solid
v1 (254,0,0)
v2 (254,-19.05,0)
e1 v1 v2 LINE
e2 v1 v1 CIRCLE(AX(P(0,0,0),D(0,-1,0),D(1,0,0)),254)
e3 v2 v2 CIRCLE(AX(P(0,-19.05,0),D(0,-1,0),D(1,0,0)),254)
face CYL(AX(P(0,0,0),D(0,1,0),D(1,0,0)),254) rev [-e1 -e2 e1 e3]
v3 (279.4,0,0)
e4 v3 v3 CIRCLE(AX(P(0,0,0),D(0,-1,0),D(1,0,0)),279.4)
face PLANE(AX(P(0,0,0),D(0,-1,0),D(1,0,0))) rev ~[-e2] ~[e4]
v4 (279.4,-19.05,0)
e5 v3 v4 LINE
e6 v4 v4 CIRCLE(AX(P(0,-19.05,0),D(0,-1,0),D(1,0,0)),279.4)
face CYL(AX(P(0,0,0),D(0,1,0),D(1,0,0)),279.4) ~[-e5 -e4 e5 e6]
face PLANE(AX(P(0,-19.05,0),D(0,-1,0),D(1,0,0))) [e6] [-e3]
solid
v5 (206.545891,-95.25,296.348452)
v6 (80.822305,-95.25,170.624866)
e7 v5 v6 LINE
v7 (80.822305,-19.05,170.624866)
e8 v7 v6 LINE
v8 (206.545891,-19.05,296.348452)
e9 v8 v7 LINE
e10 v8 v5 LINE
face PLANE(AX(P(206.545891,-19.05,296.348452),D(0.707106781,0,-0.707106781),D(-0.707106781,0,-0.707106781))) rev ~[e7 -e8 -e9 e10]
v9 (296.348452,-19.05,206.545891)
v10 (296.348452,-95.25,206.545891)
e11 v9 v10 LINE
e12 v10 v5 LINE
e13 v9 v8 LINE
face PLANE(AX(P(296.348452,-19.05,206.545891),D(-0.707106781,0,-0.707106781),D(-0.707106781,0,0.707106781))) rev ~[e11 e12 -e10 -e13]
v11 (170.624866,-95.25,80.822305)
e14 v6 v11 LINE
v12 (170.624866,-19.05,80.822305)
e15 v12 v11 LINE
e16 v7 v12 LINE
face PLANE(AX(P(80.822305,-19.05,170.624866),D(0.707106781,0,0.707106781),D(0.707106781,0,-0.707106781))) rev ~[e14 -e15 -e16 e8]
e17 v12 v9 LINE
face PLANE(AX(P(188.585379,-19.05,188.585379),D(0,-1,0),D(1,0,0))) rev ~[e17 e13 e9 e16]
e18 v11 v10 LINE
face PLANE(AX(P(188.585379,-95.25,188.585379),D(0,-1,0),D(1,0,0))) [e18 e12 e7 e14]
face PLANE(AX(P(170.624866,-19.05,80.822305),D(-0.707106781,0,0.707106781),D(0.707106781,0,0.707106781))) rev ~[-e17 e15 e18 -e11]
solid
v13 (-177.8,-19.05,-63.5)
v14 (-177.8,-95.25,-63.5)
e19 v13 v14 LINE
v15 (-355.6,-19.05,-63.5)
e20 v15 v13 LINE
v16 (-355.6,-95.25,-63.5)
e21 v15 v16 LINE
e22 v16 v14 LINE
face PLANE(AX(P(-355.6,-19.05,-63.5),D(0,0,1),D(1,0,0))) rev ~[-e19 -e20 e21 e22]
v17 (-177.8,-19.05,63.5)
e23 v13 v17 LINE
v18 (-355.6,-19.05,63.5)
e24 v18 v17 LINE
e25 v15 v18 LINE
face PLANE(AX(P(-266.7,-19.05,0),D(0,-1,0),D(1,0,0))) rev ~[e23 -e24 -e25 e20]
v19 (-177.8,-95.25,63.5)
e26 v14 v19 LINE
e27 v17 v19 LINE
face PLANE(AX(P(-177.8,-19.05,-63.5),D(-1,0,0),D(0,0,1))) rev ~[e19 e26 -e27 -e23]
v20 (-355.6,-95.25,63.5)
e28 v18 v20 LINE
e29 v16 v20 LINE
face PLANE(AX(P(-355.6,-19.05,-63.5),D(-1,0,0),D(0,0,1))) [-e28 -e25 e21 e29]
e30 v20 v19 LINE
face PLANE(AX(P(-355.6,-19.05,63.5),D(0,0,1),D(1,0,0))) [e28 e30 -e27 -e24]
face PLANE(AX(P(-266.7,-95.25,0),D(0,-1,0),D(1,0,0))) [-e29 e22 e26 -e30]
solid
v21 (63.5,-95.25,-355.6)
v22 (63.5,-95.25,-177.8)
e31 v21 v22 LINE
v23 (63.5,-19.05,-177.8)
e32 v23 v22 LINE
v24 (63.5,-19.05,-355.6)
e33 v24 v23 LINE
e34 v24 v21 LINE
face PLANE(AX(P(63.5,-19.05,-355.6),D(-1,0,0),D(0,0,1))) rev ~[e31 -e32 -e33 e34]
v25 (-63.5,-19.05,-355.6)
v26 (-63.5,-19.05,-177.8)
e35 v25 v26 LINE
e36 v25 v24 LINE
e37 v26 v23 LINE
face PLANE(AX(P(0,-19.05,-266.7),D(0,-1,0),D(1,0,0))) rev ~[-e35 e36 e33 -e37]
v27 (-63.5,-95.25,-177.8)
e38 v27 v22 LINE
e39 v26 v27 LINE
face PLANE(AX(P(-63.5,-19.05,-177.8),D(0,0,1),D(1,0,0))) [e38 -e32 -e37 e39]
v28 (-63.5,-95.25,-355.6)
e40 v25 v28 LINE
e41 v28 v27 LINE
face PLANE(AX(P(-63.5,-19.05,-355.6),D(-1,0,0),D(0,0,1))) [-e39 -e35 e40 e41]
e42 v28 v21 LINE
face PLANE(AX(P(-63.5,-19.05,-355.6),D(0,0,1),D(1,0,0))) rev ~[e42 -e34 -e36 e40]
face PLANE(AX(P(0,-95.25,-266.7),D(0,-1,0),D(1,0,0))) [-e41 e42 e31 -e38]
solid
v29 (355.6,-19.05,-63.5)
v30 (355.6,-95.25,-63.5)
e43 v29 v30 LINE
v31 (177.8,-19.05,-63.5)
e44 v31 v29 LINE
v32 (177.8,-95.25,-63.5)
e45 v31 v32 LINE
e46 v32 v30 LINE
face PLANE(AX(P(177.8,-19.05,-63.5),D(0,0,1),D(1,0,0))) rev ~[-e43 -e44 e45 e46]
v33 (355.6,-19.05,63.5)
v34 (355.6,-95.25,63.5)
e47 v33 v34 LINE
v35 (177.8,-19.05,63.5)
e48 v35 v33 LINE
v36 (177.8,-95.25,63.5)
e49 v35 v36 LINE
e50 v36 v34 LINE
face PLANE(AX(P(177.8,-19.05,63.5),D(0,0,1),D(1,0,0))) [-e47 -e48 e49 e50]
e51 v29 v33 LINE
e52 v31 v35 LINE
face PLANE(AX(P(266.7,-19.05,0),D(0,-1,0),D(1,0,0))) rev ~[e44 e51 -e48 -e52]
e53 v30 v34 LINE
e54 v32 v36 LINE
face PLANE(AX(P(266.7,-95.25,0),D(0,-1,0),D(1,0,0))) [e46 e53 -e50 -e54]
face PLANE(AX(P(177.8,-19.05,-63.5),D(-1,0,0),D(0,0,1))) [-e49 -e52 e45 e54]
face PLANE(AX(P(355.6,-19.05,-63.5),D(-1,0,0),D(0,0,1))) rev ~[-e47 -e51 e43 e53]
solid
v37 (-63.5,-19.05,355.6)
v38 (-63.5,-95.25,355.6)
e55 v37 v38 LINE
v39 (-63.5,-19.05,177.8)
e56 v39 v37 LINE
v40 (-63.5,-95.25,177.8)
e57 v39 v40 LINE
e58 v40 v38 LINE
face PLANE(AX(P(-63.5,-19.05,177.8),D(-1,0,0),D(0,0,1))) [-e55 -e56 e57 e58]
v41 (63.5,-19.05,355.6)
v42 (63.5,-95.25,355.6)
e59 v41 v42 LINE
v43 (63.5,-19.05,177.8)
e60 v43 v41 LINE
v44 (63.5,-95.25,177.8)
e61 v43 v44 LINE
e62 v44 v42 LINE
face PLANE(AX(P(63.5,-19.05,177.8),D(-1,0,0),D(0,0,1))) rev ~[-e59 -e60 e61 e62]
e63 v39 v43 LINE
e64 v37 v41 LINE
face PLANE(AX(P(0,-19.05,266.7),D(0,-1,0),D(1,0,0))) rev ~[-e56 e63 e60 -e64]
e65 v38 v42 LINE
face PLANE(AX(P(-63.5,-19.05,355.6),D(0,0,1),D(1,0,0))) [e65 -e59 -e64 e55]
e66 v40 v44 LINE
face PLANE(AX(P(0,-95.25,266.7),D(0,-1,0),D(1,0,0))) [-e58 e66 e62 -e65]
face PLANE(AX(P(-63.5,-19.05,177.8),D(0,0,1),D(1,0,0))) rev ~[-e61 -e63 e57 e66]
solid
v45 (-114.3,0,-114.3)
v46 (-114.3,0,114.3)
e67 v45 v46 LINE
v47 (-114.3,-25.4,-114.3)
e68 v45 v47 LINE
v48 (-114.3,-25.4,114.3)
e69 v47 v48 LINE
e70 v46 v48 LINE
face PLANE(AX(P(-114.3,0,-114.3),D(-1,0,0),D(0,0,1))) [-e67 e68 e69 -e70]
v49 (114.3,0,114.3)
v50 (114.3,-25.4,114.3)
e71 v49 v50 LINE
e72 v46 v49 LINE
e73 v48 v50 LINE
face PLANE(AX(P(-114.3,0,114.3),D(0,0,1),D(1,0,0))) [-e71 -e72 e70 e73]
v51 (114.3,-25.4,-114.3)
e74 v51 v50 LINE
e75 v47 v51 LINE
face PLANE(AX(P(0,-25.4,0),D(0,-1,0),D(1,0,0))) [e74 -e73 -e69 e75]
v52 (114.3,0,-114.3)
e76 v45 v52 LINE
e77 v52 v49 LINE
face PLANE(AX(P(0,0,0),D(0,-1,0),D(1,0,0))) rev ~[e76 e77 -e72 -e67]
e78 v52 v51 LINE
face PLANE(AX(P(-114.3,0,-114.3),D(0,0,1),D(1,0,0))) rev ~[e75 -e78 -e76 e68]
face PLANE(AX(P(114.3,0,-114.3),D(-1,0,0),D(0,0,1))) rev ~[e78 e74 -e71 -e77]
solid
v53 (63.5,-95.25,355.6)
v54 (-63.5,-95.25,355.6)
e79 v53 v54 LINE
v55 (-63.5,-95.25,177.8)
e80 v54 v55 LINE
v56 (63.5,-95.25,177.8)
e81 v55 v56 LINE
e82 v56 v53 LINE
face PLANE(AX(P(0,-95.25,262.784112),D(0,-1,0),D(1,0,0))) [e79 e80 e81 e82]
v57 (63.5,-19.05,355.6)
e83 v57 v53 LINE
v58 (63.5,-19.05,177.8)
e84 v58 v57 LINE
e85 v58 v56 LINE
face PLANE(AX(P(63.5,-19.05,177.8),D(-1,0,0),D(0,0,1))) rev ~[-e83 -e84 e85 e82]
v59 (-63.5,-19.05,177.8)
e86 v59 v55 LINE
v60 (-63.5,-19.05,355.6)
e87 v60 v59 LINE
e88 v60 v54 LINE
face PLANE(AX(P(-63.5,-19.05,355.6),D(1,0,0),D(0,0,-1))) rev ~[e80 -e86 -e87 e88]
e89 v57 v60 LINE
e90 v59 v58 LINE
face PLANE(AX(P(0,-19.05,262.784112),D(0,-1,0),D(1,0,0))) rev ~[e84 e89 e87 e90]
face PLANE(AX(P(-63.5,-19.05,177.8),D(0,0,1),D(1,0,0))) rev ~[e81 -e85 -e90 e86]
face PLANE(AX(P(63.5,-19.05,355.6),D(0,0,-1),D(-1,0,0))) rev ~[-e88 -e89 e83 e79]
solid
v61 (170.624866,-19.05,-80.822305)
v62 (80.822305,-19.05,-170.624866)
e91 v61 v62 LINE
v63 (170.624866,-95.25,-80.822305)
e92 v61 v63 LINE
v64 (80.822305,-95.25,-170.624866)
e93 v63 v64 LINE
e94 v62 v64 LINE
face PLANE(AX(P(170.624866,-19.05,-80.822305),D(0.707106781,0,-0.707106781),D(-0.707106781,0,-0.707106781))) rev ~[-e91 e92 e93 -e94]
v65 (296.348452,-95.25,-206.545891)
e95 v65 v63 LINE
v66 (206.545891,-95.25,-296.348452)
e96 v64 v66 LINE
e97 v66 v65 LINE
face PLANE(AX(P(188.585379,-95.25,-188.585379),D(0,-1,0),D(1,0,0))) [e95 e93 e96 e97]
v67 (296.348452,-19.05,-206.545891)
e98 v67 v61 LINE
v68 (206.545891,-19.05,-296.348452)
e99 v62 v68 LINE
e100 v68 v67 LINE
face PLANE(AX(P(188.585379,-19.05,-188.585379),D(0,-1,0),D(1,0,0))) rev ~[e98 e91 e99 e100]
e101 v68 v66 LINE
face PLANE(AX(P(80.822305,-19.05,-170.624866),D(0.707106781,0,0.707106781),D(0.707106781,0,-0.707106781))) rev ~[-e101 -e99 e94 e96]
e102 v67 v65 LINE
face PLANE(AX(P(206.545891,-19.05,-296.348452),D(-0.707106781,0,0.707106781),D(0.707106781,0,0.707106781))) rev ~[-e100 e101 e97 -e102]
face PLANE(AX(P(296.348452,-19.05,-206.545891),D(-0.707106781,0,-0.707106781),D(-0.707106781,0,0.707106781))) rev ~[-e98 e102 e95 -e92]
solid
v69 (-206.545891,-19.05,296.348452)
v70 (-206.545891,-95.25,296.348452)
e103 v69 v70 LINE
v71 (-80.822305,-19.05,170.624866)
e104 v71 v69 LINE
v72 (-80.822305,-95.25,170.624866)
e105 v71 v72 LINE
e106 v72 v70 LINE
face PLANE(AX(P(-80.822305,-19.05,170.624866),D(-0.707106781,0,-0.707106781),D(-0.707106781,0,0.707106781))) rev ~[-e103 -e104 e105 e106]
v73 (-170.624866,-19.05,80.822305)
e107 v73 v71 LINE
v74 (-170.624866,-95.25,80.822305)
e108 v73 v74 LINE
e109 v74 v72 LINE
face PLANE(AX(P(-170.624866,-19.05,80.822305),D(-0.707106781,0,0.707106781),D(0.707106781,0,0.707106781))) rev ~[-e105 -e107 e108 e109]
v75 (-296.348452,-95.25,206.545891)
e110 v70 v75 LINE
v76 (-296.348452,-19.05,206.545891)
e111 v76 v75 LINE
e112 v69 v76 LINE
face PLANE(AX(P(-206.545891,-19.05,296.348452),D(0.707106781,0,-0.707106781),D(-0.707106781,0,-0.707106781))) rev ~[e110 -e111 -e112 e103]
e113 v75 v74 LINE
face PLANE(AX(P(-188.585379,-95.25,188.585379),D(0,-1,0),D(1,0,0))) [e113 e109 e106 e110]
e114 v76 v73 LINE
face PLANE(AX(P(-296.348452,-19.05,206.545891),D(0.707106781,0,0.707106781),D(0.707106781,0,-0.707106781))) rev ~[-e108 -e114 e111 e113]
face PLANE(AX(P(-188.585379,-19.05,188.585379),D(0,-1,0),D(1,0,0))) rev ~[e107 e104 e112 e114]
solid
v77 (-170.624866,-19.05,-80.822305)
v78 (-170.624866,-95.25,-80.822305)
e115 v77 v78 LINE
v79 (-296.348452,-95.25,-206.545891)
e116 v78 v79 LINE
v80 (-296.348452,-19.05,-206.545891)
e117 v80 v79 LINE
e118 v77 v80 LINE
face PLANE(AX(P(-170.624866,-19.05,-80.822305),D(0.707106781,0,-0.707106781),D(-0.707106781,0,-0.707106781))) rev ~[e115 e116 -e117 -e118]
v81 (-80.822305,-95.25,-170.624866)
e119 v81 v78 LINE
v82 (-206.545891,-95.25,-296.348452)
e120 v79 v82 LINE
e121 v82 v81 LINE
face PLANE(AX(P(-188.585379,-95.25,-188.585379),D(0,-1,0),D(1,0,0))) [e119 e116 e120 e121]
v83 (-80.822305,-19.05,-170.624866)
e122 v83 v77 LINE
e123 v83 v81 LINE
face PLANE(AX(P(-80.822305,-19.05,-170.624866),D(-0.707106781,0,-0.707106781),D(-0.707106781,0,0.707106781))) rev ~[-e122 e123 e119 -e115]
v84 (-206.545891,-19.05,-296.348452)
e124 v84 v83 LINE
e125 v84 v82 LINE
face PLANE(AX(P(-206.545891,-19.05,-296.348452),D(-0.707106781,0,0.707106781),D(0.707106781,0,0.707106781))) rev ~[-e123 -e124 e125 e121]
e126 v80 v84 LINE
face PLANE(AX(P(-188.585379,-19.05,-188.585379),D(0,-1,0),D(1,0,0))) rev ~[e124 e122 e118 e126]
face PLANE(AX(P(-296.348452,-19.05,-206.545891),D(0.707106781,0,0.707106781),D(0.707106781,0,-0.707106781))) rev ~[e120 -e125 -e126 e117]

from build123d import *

# Parameters (mm, degrees)
F0_R     = 279.4
F0_R_2   = 254
F1_DEPTH = 19.05
F3_DEPTH = 76.2
F2_W     = 127
F2_H     = 177.8
F4_DEPTH = 76.2
F2_W_2   = 177.8
F2_H_2   = 127
F5_W     = 228.6
F5_H     = 228.6
F6_DEPTH = 25.4


with BuildPart() as f1:
    # F0 (on Front) → F1 (new body)
    with BuildSketch(Plane.XZ):
        Circle(F0_R)
        Circle(F0_R_2, mode=Mode.SUBTRACT)
    extrude(amount=F1_DEPTH)


with BuildPart() as f3:
    # F2 (on face) → F3 (new body)
    with BuildSketch(Plane.XZ.offset(19.05)):
        with BuildLine():
            ThreePointArc((63.5, 272.0884231275), (0, 279.4), (-63.5, 272.0884231275))
            Line((-63.5, 272.0884231275), (-63.5, 245.9344424842))
            ThreePointArc((-63.5, 245.9344424842), (0, 254), (63.5, 245.9344424842))
            Line((63.5, 245.9344424842), (63.5, 272.0884231275))
        make_face()
        with BuildLine():
            ThreePointArc((63.5, 245.9344424842), (0, 254), (-63.5, 245.9344424842))
            Line((-63.5, 245.9344424842), (-63.5, 177.8))
            Line((-63.5, 177.8), (63.5, 177.8))
            Line((63.5, 177.8), (63.5, 245.9344424842))
        make_face()
        with BuildLine():
            Line((63.5, 355.6), (-63.5, 355.6))
            Line((-63.5, 355.6), (-63.5, 272.0884231275))
            ThreePointArc((-63.5, 272.0884231275), (0, 279.4), (63.5, 272.0884231275))
            Line((63.5, 272.0884231275), (63.5, 355.6))
        make_face()
    extrude(amount=F3_DEPTH)


with BuildPart() as f4:
    # F2 (on face) → F4 (new body)
    with BuildSketch(Plane.XZ.offset(19.05)):
        with Locations((0, 266.7)):
            Rectangle(F2_W, F2_H)
    extrude(amount=F4_DEPTH)


with BuildPart() as f4b:
    # F2 (on face) → F4, piece 2 (new body)
    with BuildSketch(Plane.XZ.offset(19.05)):
        Polygon((-80.8223050896, 170.6248663003), (-206.5458907846, 296.3484519953), (-296.3484519953, 206.5458907846), (-170.6248663003, 80.8223050896), align=None)
    extrude(amount=F4_DEPTH)


with BuildPart() as f4c:
    # F2 (on face) → F4, piece 3 (new body)
    with BuildSketch(Plane.XZ.offset(19.05)):
        with Locations((-266.7, 0)):
            Rectangle(F2_W_2, F2_H_2)
    extrude(amount=F4_DEPTH)


with BuildPart() as f4d:
    # F2 (on face) → F4, piece 4 (new body)
    with BuildSketch(Plane.XZ.offset(19.05)):
        Polygon((-170.6248663003, -80.8223050896), (-296.3484519953, -206.5458907846), (-206.5458907846, -296.3484519953), (-80.8223050896, -170.6248663003), align=None)
    extrude(amount=F4_DEPTH)


with BuildPart() as f4e:
    # F2 (on face) → F4, piece 5 (new body)
    with BuildSketch(Plane.XZ.offset(19.05)):
        with Locations((0, -266.7)):
            Rectangle(F2_W, F2_H)
    extrude(amount=F4_DEPTH)


with BuildPart() as f4f:
    # F2 (on face) → F4, piece 6 (new body)
    with BuildSketch(Plane.XZ.offset(19.05)):
        Polygon((80.8223050896, -170.6248663003), (206.5458907846, -296.3484519953), (296.3484519953, -206.5458907846), (170.6248663003, -80.8223050896), align=None)
    extrude(amount=F4_DEPTH)


with BuildPart() as f4g:
    # F2 (on face) → F4, piece 7 (new body)
    with BuildSketch(Plane.XZ.offset(19.05)):
        with Locations((266.7, 0)):
            Rectangle(F2_W_2, F2_H_2)
    extrude(amount=F4_DEPTH)


with BuildPart() as f4h:
    # F2 (on face) → F4, piece 8 (new body)
    with BuildSketch(Plane.XZ.offset(19.05)):
        Polygon((170.6248663003, 80.8223050896), (296.3484519953, 206.5458907846), (206.5458907846, 296.3484519953), (80.8223050896, 170.6248663003), align=None)
    extrude(amount=F4_DEPTH)


with BuildPart() as f6:
    # F5 (on Front) → F6 (new body)
    with BuildSketch(Plane.XZ):
        Rectangle(F5_W, F5_H)
    extrude(amount=F6_DEPTH)


solid = Compound([f1.part, f3.part, f4.part, f4b.part, f4c.part, f4d.part, f4e.part, f4f.part, f4g.part, f4h.part, f6.part])
